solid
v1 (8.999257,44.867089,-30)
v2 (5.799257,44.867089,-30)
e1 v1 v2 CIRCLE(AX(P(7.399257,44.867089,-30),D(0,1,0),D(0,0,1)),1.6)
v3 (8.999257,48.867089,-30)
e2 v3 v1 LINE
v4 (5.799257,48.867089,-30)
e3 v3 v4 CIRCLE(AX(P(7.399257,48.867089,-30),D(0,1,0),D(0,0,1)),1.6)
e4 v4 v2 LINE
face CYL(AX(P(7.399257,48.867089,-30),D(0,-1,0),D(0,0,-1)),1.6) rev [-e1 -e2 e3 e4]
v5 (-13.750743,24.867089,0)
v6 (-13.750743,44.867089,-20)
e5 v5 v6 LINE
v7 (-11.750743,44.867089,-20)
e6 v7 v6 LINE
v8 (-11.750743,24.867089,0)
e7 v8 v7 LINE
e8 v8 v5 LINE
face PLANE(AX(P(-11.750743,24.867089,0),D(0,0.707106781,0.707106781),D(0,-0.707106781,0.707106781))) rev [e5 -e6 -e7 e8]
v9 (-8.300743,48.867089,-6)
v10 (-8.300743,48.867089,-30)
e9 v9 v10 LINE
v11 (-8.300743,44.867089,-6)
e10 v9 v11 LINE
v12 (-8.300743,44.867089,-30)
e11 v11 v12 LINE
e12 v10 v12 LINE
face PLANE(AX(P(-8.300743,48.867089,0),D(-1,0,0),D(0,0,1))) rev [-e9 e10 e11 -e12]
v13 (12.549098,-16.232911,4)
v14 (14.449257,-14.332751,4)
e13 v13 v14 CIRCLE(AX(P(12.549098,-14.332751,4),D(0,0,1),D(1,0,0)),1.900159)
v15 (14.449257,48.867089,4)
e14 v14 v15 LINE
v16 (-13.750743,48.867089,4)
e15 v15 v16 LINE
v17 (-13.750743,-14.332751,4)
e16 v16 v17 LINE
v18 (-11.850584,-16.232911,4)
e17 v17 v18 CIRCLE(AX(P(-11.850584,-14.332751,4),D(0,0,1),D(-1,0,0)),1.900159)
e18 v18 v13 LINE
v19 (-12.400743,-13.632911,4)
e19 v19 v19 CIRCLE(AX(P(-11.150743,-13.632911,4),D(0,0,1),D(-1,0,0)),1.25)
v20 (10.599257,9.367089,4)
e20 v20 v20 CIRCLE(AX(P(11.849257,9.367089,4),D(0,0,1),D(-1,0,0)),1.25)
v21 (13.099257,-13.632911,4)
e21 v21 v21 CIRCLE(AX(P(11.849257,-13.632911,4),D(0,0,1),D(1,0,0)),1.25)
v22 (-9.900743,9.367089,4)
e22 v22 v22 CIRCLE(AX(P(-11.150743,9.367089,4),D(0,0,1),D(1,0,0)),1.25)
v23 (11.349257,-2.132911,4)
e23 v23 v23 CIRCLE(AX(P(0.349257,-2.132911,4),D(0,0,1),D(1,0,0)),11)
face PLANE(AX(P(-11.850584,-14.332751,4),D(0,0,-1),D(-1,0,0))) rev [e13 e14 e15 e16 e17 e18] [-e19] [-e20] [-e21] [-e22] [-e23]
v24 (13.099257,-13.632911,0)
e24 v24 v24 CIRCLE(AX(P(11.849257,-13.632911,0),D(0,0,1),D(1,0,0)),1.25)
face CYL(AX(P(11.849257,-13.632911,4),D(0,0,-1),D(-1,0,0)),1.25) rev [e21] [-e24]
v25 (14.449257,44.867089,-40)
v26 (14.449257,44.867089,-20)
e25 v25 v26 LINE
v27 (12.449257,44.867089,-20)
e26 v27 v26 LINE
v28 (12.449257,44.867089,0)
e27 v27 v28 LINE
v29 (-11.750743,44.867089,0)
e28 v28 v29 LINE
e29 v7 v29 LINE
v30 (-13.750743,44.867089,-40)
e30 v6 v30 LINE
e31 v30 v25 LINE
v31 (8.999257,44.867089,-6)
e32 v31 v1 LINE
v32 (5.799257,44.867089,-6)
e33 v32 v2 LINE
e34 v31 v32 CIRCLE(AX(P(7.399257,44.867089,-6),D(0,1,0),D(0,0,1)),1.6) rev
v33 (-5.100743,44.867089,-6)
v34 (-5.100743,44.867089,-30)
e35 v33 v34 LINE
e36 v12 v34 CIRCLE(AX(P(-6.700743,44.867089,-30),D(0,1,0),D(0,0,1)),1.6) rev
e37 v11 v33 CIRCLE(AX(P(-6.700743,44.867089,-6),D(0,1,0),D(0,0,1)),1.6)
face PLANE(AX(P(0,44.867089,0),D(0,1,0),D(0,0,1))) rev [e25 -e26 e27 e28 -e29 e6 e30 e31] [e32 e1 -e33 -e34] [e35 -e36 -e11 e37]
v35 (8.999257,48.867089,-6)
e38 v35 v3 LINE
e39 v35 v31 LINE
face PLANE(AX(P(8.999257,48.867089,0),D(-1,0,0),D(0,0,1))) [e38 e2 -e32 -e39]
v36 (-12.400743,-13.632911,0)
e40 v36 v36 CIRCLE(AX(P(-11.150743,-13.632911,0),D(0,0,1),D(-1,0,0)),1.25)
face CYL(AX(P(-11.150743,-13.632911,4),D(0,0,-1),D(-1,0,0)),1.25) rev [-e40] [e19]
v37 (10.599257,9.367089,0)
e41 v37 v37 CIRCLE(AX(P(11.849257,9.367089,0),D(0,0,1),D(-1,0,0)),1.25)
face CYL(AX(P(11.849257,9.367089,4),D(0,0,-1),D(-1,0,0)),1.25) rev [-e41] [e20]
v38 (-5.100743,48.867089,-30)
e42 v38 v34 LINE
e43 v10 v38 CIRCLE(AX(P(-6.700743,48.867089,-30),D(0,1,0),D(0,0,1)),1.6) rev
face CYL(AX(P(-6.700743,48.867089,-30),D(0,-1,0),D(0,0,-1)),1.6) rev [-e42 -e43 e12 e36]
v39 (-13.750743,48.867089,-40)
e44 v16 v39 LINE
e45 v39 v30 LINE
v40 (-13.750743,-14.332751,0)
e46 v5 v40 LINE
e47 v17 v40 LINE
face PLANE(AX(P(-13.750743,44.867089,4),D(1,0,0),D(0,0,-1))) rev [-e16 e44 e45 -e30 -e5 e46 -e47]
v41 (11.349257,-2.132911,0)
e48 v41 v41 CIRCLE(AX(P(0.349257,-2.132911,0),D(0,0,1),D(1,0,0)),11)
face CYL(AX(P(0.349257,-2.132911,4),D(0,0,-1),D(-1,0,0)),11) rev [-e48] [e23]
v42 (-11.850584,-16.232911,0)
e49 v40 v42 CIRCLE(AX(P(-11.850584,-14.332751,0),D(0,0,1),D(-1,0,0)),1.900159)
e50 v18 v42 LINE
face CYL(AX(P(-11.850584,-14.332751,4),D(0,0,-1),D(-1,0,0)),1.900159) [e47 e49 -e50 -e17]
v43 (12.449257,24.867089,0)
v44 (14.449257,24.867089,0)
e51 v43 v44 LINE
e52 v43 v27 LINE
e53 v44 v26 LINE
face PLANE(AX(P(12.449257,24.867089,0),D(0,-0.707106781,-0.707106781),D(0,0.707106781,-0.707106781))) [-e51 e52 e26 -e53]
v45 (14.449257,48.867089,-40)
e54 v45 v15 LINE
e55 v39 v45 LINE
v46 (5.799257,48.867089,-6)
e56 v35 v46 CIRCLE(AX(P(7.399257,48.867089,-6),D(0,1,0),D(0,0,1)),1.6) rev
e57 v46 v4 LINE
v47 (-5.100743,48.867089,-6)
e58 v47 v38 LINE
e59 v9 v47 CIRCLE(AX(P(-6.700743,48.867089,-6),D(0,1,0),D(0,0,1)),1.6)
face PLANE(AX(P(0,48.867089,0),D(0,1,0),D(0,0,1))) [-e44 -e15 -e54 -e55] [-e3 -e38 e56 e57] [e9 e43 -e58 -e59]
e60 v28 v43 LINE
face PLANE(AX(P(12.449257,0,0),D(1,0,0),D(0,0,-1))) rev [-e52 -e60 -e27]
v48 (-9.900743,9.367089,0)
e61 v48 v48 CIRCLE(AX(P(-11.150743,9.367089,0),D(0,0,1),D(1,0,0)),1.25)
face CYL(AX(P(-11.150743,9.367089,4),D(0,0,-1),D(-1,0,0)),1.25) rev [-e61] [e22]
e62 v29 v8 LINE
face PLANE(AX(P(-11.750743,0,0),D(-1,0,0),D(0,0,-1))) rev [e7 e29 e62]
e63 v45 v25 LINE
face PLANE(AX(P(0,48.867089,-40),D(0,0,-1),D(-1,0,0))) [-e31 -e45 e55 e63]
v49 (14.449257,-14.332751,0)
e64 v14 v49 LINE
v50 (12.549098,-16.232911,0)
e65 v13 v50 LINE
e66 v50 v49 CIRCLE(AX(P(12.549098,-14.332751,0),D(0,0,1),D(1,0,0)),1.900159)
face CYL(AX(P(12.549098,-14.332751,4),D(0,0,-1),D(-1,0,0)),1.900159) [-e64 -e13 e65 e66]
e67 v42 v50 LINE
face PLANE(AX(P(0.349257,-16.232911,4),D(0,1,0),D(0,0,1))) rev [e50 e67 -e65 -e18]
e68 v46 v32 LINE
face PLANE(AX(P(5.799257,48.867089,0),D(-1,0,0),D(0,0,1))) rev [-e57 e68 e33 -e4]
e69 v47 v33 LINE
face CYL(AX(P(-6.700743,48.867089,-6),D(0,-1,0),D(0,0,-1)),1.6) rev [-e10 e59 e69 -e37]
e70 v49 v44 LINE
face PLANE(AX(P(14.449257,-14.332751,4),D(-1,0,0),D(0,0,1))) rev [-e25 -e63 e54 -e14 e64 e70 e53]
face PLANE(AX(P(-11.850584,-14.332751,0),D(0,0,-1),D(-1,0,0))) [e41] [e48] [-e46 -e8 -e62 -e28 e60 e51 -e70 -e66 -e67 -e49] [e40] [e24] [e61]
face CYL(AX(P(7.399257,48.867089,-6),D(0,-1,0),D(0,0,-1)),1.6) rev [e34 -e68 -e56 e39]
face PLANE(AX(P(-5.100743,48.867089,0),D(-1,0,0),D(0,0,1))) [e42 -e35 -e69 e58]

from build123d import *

# Parameters (mm, degrees)
SKETCH_1_R      = 1.25
SKETCH_1_R_2    = 11
EXTRUDE_1_DEPTH = 4
SKETCH_2_W      = 28.2
SKETCH_2_H      = 4
SKETCH_2_H_2    = 40
EXTRUDE_2_DEPTH = 4
EXTRUDE_3_DEPTH = 2


with BuildPart() as part:
    # 草图1 → 凸台-拉伸1 (new body)
    with BuildSketch(Plane.XY):
        with BuildLine():
            Line((14.449257035, -14.332751245), (14.449257035, 44.867089431))
            Line((14.449257035, 44.867089431), (-13.750742965, 44.867089431))
            Line((-13.750742965, 44.867089431), (-13.750742965, -14.332751245))
            ThreePointArc((-13.750742965, -14.332751245), (-13.194199184, -15.676366788), (-11.850583641, -16.232910569))
            Line((-11.850583641, -16.232910569), (0.349257035, -16.232910569))
            Line((0.349257035, -16.232910569), (12.549097711, -16.232910569))
            ThreePointArc((12.549097711, -16.232910569), (13.892713254, -15.676366788), (14.449257035, -14.332751245))
        make_face()
        with Locations((-11.150742965, 9.367089431)):
            Circle(SKETCH_1_R, mode=Mode.SUBTRACT)
        with Locations((11.849257035, 9.367089431)):
            Circle(SKETCH_1_R, mode=Mode.SUBTRACT)
        with Locations((-11.150742965, -13.632910569)):
            Circle(SKETCH_1_R, mode=Mode.SUBTRACT)
        with Locations((11.849257035, -13.632910569)):
            Circle(SKETCH_1_R, mode=Mode.SUBTRACT)
        with Locations((0.349257035, -2.132910569)):
            Circle(SKETCH_1_R_2, mode=Mode.SUBTRACT)
    extrude(amount=EXTRUDE_1_DEPTH)

    # 草图2 → 凸台-拉伸2 (add)
    with BuildSketch(Plane(origin=(0, 44.867089431, 0), x_dir=(1, 0, 0), z_dir=(0, 1, 0))):
        with Locations((0.349257035, -2)):
            Rectangle(SKETCH_2_W, SKETCH_2_H)
        with Locations((0.349257035, 20)):
            Rectangle(SKETCH_2_W, SKETCH_2_H_2)
        with BuildLine():
            ThreePointArc((-5.100742965, 6), (-6.700742965, 4.4), (-8.300742965, 6))
            Line((-8.300742965, 6), (-8.300742965, 30))
            ThreePointArc((-8.300742965, 30), (-6.700742965, 31.6), (-5.100742965, 30))
            Line((-5.100742965, 30), (-5.100742965, 6))
        make_face(mode=Mode.SUBTRACT)
        with BuildLine():
            ThreePointArc((8.999257035, 6), (7.399257035, 4.4), (5.799257035, 6))
            Line((5.799257035, 6), (5.799257035, 30))
            ThreePointArc((5.799257035, 30), (7.399257035, 31.6), (8.999257035, 30))
            Line((8.999257035, 30), (8.999257035, 6))
        make_face(mode=Mode.SUBTRACT)
    extrude(amount=EXTRUDE_2_DEPTH)

    # 草图3 → 凸台-拉伸3 (add)
    with BuildSketch(Plane(origin=(14.449257035, 0, 0), x_dir=(0, 0, -1), z_dir=(1, 0, 0))):
        Polygon((20, 44.867089431), (0, 44.867089431), (0, 24.867089431), align=None)
    extrude_3 = extrude(amount=-EXTRUDE_3_DEPTH)

    # 镜向2: 凸台-拉伸3 across plane
    add(extrude_3.mirror(Plane(origin=(0.349257035, 0, 0), x_dir=(0, 0, 1), z_dir=(1, 0, 0))))


solid = part.part
